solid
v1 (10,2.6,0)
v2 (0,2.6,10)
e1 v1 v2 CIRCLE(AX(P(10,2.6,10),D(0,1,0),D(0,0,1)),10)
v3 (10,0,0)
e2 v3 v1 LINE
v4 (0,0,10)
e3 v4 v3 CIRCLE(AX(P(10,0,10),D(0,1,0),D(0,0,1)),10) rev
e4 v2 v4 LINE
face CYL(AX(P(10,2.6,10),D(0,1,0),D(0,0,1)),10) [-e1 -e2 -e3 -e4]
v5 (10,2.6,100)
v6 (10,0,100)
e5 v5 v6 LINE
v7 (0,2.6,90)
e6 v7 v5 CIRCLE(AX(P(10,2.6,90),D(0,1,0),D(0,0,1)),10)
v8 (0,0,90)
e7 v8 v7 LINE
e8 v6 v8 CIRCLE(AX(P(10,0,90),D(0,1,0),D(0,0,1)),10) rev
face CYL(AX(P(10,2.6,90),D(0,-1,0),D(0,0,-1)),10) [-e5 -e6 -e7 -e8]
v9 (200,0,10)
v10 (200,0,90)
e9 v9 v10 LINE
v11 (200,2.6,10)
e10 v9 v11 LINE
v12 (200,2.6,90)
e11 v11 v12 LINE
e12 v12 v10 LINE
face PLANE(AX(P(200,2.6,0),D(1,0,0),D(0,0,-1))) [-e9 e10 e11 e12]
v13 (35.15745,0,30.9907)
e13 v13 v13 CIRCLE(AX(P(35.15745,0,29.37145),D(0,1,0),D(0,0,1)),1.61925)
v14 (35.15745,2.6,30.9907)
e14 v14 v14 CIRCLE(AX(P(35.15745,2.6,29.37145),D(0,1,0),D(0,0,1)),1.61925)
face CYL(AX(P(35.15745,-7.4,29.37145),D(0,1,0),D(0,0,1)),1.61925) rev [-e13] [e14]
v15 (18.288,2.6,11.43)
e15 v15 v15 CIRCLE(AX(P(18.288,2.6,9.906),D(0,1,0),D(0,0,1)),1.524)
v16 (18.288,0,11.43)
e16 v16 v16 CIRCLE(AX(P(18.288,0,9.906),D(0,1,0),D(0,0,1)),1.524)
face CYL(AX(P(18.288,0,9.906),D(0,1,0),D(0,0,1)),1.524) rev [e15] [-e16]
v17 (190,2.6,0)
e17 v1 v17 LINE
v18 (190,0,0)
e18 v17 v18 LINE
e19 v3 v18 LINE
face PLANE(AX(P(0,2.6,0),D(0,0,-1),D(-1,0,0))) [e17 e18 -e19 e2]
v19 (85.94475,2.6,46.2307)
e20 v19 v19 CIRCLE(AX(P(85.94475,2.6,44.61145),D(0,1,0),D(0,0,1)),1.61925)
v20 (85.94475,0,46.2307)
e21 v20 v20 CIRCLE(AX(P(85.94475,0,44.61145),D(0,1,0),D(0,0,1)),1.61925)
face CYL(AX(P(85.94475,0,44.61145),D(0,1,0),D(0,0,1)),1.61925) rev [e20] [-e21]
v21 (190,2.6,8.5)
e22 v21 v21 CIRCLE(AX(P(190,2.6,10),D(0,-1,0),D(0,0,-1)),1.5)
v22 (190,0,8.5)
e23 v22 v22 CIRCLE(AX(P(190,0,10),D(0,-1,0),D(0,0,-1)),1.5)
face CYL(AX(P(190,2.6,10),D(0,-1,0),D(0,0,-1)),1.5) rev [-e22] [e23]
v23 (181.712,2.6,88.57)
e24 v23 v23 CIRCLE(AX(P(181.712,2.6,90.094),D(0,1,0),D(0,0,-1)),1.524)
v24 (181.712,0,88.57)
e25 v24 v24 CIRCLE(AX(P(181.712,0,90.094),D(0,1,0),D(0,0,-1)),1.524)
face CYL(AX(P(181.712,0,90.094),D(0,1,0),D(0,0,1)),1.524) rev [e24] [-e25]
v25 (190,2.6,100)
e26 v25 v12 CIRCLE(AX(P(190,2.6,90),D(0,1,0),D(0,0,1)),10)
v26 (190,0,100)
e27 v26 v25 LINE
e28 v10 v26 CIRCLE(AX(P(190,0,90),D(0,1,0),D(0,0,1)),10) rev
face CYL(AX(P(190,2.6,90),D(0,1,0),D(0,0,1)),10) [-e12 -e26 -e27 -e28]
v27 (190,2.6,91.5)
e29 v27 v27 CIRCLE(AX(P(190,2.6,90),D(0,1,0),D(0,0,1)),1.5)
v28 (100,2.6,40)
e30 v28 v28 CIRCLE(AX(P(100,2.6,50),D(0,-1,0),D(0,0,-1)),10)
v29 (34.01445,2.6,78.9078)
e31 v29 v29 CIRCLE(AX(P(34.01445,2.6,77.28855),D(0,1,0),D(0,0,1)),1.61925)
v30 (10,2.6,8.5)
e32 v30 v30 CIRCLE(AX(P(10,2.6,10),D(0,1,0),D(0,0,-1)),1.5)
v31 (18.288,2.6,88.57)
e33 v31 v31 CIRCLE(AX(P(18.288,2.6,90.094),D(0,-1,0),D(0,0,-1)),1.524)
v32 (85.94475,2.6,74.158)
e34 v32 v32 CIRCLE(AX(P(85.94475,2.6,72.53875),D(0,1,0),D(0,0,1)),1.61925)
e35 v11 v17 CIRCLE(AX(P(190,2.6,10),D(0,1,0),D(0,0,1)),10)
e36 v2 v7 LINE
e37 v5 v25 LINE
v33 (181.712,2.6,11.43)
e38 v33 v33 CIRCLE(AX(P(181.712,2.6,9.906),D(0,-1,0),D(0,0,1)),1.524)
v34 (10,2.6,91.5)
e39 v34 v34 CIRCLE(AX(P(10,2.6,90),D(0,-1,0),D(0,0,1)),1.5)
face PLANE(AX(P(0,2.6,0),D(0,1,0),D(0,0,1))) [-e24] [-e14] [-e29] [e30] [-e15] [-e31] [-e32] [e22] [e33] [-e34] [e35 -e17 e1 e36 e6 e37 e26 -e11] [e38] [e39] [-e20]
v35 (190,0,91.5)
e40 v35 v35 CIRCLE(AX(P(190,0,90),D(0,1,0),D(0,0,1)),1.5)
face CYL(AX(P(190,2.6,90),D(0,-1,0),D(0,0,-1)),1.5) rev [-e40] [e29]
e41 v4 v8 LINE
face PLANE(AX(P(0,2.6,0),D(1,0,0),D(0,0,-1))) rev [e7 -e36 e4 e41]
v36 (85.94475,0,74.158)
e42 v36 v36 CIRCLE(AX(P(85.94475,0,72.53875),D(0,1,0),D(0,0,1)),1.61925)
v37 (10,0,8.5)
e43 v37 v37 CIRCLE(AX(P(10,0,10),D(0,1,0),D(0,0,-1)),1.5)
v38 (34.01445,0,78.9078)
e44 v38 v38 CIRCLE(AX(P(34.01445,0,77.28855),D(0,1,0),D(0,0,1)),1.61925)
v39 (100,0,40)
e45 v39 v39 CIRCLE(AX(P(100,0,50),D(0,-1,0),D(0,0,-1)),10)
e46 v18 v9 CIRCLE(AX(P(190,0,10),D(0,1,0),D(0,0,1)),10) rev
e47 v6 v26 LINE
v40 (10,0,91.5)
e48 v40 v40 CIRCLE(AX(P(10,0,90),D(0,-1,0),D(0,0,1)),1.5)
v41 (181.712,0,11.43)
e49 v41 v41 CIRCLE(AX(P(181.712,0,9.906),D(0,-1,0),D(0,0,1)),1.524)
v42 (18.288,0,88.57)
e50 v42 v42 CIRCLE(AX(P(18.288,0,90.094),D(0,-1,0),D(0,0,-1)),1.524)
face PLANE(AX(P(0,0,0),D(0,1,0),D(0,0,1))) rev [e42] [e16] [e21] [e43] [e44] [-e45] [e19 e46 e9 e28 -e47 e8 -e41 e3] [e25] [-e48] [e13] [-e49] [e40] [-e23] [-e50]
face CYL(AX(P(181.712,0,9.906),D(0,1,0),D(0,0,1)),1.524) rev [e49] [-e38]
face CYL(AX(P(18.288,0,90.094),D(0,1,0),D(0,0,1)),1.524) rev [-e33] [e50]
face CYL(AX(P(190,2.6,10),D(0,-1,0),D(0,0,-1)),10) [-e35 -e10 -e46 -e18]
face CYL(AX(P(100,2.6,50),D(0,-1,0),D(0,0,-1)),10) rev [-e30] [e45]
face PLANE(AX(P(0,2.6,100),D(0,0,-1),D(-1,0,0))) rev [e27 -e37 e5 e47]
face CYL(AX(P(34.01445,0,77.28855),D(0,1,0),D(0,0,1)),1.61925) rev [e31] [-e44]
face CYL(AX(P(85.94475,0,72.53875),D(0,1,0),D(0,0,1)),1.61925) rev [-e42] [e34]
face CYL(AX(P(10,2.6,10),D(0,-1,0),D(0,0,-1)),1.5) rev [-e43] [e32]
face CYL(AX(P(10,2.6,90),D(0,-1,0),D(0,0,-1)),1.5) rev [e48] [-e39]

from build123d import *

# Parameters (mm, degrees)
SKETCH1_W               = 200
SKETCH1_H               = 100
BOSS_EXTRUDE1_DEPTH     = 2.6
FILLET1_R               = 10
SKETCH6_R               = 1.5
CUT_EXTRUDE6_DEPTH      = 2.6
MIRROR6_COPY_1_SKETCH_R = 1.5
MIRROR6_COPY_1_DEPTH    = 2.6
SKETCH16_R              = 1.61925
CUT_EXTRUDE9_DEPTH      = 10
SKETCH17_R              = 1.61925
CUT_EXTRUDE10_DEPTH     = 224.621913059
SKETCH18_R              = 1.61925
CUT_EXTRUDE11_DEPTH     = 224.621913059
SKETCH19_R              = 1.61925
CUT_EXTRUDE12_DEPTH     = 224.621913059
SKETCH15_R              = 10
CUT_EXTRUDE14_DEPTH     = 224.621913059
SKETCH23_R              = 1.524
CUT_EXTRUDE15_DEPTH     = 2.59999988
MIRROR8_COPY_1_SKETCH_R = 1.524
MIRROR8_COPY_1_DEPTH    = 2.59999988


with BuildPart() as part:
    # Sketch1 → Boss-Extrude1 (new body)
    with BuildSketch(Plane(origin=(0, 0, 0), x_dir=(1, 0, 0), z_dir=(0, 1, 0))):
        with Locations((100, -50)):
            Rectangle(SKETCH1_W, SKETCH1_H)
    extrude(amount=BOSS_EXTRUDE1_DEPTH)

    # Fillet1
    fillet1_edges = [part.edges().sort_by_distance(p)[0] for p in [
        (0, 1.3, 0),
        (200, 1.3, 0),
        (200, 1.3, 100),
        (0, 1.3, 100),
    ]]
    fillet(fillet1_edges, radius=FILLET1_R)

    # Sketch6 → Cut-Extrude6 (cut)
    with BuildSketch(Plane.XZ):
        with Locations(Location((190, 10, 0), (0, 0, 270))):
            Circle(SKETCH6_R)
    cut_extrude6 = extrude(amount=-CUT_EXTRUDE6_DEPTH, mode=Mode.SUBTRACT)

    # Mirror5: Cut-Extrude6 across plane
    add(cut_extrude6.mirror(Plane(origin=(100, 0, 0), x_dir=(0, 0, 1), z_dir=(1, 0, 0))), mode=Mode.SUBTRACT)

    # Mirror6: Cut-Extrude6 across plane
    add(cut_extrude6.mirror(Plane.XY.offset(50)), mode=Mode.SUBTRACT)

    # Mirror6 copy 1 sketch → Mirror6 copy 1 (cut)
    with BuildSketch(Plane(origin=(200, 0, 100), x_dir=(-1, 0, 0), z_dir=(0, -1, 0))):
        with Locations(Location((190, 10, 0), (0, 0, 270))):
            Circle(MIRROR6_COPY_1_SKETCH_R)
    extrude(amount=-MIRROR6_COPY_1_DEPTH, mode=Mode.SUBTRACT)

    # Sketch16 → Cut-Extrude9 (cut)
    with BuildSketch(Plane(origin=(0, 2.6, 0), x_dir=(1, 0, 0), z_dir=(0, 1, 0))):
        with Locations(Location((35.15745, -29.37145, 0), (0, 0, 270))):
            Circle(SKETCH16_R)
    extrude(amount=-CUT_EXTRUDE9_DEPTH, mode=Mode.SUBTRACT)

    # Sketch17 → Cut-Extrude10 (cut, through all)
    with BuildSketch(Plane(origin=(0, 2.6, 0), x_dir=(1, 0, 0), z_dir=(0, 1, 0))):
        with Locations(Location((85.94475, -44.61145, 0), (0, 0, 270))):
            Circle(SKETCH17_R)
    extrude(amount=-CUT_EXTRUDE10_DEPTH, mode=Mode.SUBTRACT)

    # Sketch18 → Cut-Extrude11 (cut, through all)
    with BuildSketch(Plane(origin=(0, 2.6, 0), x_dir=(1, 0, 0), z_dir=(0, 1, 0))):
        with Locations(Location((34.01445, -77.28855, 0), (0, 0, 270))):
            Circle(SKETCH18_R)
    extrude(amount=-CUT_EXTRUDE11_DEPTH, mode=Mode.SUBTRACT)

    # Sketch19 → Cut-Extrude12 (cut, through all)
    with BuildSketch(Plane(origin=(0, 2.6, 0), x_dir=(1, 0, 0), z_dir=(0, 1, 0))):
        with Locations(Location((85.94475, -72.53875, 0), (0, 0, 270))):
            Circle(SKETCH19_R)
    extrude(amount=-CUT_EXTRUDE12_DEPTH, mode=Mode.SUBTRACT)

    # Sketch15 → Cut-Extrude14 (cut, through all)
    with BuildSketch(Plane.XZ):
        with Locations(Location((100, 50, 0), (0, 0, 270))):
            Circle(SKETCH15_R)
    extrude(amount=-CUT_EXTRUDE14_DEPTH, mode=Mode.SUBTRACT)

    # Sketch23 → Cut-Extrude15 (cut)
    with BuildSketch(Plane(origin=(0, 2.6, 0), x_dir=(1, 0, 0), z_dir=(0, 1, 0))):
        with Locations(Location((18.288, -9.906, 0), (0, 0, 270))):
            Circle(SKETCH23_R)
    cut_extrude15 = extrude(amount=-CUT_EXTRUDE15_DEPTH, mode=Mode.SUBTRACT)

    # Mirror7: Cut-Extrude15 across plane
    add(cut_extrude15.mirror(Plane(origin=(100, 0, 0), x_dir=(0, 0, 1), z_dir=(1, 0, 0))), mode=Mode.SUBTRACT)

    # Mirror8: Cut-Extrude15 across plane
    add(cut_extrude15.mirror(Plane.XY.offset(50)), mode=Mode.SUBTRACT)

    # Mirror8 copy 1 sketch → Mirror8 copy 1 (cut)
    with BuildSketch(Plane(origin=(200, 2.6, 100), x_dir=(-1, 0, 0), z_dir=(0, 1, 0))):
        with Locations(Location((18.288, -9.906, 0), (0, 0, 270))):
            Circle(MIRROR8_COPY_1_SKETCH_R)
    extrude(amount=-MIRROR8_COPY_1_DEPTH, mode=Mode.SUBTRACT)


solid = part.part
